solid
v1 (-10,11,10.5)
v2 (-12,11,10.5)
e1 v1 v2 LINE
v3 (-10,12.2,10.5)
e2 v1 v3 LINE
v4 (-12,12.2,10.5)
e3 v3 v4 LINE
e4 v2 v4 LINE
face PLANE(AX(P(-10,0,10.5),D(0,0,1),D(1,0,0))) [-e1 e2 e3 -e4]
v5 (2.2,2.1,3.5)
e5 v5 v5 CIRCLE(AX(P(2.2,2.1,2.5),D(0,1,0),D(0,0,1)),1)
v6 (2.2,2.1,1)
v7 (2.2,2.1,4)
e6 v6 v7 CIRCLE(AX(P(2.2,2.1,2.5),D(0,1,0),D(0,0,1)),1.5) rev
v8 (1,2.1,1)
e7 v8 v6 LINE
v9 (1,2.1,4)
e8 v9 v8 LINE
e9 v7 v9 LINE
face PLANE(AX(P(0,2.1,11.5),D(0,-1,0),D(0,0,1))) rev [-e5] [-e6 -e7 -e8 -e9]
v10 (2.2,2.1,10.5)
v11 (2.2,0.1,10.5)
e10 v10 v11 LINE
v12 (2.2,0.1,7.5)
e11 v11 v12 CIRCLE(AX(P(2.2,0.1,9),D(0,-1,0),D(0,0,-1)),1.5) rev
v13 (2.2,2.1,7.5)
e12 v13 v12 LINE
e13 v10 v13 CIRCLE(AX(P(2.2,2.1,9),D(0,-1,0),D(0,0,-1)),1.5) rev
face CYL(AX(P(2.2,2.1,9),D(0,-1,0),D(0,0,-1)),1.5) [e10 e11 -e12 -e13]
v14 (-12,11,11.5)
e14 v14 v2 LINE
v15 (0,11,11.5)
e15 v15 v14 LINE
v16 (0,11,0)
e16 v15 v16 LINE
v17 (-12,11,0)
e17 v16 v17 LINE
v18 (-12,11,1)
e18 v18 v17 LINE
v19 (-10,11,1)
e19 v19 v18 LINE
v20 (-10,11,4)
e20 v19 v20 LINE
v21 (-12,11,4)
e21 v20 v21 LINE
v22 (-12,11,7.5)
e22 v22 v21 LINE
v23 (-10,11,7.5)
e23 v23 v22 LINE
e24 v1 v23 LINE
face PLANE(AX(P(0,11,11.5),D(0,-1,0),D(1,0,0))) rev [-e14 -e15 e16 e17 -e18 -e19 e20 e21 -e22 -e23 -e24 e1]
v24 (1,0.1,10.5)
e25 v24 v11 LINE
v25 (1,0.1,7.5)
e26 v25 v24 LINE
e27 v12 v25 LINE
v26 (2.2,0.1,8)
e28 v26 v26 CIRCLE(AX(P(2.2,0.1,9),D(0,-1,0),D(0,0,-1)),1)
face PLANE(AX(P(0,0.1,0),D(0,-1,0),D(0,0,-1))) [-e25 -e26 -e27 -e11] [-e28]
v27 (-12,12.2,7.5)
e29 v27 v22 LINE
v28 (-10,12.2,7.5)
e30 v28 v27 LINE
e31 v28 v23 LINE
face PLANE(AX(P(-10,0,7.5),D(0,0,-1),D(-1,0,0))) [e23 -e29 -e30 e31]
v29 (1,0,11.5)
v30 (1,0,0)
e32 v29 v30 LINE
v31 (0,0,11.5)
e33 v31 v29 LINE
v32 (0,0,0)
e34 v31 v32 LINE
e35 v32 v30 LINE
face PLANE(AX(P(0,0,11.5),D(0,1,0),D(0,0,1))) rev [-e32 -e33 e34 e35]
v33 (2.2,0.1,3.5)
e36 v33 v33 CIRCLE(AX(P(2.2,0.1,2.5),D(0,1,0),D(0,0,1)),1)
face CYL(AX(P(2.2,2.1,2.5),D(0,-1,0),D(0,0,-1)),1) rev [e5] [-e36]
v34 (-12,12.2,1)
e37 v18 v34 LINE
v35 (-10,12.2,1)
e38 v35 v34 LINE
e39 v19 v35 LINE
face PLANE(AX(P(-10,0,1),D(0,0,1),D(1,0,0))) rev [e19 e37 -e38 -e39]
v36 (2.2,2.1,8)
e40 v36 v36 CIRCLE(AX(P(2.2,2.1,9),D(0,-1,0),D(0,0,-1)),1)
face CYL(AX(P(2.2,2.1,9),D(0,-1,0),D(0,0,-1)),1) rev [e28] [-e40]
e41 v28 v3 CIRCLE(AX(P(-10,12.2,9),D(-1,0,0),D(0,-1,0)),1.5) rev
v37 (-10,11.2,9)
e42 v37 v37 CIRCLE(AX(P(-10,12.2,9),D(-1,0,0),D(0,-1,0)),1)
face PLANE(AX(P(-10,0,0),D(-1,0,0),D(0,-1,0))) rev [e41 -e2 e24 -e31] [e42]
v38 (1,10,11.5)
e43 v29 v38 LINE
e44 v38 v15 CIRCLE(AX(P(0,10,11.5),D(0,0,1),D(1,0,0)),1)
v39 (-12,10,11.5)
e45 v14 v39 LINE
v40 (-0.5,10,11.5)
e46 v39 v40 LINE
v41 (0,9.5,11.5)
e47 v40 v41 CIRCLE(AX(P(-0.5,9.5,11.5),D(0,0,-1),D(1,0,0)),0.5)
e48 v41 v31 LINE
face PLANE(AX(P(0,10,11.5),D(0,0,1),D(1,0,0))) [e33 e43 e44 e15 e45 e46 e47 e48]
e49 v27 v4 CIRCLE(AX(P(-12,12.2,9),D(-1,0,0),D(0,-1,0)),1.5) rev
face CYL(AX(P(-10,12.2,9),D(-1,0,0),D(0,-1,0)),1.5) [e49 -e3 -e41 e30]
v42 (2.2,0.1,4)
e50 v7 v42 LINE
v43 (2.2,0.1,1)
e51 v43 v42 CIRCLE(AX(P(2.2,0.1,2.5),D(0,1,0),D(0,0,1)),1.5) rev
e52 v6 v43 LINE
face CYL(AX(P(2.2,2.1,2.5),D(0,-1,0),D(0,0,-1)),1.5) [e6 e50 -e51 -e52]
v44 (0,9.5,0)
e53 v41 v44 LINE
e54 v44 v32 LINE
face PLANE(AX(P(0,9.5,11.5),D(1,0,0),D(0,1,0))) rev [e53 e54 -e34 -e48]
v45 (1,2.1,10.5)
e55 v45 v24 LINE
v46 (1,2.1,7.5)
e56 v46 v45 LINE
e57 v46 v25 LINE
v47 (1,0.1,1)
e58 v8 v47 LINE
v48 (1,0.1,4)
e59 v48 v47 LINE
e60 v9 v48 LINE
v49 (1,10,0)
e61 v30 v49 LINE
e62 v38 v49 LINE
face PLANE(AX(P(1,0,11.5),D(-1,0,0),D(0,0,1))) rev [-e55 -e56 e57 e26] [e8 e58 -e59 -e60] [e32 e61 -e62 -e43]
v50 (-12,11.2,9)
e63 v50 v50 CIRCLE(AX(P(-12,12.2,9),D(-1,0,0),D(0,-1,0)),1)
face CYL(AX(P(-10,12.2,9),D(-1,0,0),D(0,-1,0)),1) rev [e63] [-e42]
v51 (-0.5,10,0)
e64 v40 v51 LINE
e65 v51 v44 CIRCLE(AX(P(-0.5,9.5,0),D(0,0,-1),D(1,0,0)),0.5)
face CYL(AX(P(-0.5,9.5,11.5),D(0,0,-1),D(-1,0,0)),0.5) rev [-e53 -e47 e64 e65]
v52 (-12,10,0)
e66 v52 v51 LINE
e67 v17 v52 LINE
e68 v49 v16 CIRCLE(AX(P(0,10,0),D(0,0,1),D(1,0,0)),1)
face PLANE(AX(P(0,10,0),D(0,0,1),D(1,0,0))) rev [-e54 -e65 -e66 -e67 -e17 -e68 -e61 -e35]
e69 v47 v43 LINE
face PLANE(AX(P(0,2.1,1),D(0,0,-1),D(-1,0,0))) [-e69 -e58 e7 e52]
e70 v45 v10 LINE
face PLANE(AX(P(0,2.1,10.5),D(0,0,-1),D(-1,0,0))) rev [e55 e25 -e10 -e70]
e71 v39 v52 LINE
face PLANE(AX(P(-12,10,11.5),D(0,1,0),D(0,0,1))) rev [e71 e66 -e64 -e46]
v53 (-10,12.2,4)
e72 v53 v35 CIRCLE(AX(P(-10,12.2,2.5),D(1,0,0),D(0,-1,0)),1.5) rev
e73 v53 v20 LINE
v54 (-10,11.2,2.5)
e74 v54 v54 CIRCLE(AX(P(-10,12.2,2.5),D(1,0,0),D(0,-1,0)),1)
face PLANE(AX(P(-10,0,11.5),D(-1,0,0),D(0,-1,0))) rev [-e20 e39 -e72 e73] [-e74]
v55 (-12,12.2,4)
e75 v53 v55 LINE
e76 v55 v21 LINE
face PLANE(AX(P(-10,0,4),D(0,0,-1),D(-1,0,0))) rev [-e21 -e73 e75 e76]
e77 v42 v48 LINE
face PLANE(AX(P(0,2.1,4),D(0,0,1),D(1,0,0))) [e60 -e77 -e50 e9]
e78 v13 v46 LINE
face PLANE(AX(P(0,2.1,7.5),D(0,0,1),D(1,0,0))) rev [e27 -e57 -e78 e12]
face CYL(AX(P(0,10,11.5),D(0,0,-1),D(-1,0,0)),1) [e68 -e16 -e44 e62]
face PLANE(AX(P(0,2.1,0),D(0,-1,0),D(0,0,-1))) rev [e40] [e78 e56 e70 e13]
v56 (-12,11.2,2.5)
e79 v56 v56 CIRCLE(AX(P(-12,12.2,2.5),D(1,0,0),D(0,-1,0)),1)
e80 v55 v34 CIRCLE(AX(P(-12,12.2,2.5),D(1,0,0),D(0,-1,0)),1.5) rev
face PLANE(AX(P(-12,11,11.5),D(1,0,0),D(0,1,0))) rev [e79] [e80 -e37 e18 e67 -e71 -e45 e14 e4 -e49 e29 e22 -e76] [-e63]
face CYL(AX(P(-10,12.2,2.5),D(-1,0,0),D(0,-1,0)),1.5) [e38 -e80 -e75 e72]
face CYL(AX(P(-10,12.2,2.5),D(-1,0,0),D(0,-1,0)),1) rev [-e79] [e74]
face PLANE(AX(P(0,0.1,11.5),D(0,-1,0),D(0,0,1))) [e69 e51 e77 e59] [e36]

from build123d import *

# Parameters (mm, degrees)
BOSS_EXTRUDE2_DEPTH = 11.5
SKETCH5_R           = 1
BOSS_EXTRUDE5_DEPTH = 2
SKETCH3_R           = 1
BOSS_EXTRUDE6_DEPTH = 2


with BuildPart() as part:
    # Sketch1 → Boss-Extrude2 (new body)
    with BuildSketch(Plane.XY):
        with BuildLine():
            Line((0, 0), (1, 0))
            Line((1, 0), (1, 10))
            ThreePointArc((1, 10), (0.707106781, 10.707106781), (0, 11))
            Line((0, 11), (-12, 11))
            Line((-12, 11), (-12, 10))
            Line((-12, 10), (-0.5, 10))
            ThreePointArc((-0.5, 10), (-0.146446609, 9.853553391), (0, 9.5))
            Line((0, 9.5), (0, 0))
        make_face()
    extrude(amount=BOSS_EXTRUDE2_DEPTH)

    # Sketch5 → Boss-Extrude5 (add)
    with BuildSketch(Plane.ZY.offset(12)):
        with BuildLine():
            Line((7.5, 11), (10.5, 11))
            Line((10.5, 11), (10.5, 12.2))
            ThreePointArc((10.5, 12.2), (9, 13.7), (7.5, 12.2))
            Line((7.5, 12.2), (7.5, 11))
        make_face()
        with Locations(Location((9, 12.2, 0), (0, 0, 270))):
            Circle(SKETCH5_R, mode=Mode.SUBTRACT)
    boss_extrude5 = extrude(amount=-BOSS_EXTRUDE5_DEPTH)

    # Sketch3 → Boss-Extrude6 (add)
    with BuildSketch(Plane(origin=(0, 0.1, 0), x_dir=(-1, 0, 0), z_dir=(0, -1, 0))):
        with BuildLine():
            Line((-1, -10.5), (-1, -7.5))
            Line((-1, -7.5), (-2.2, -7.5))
            ThreePointArc((-2.2, -7.5), (-3.7, -9), (-2.2, -10.5))
            Line((-2.2, -10.5), (-1, -10.5))
        make_face()
        with Locations(Location((-2.2, -9, 0), (0, 0, 90))):
            Circle(SKETCH3_R, mode=Mode.SUBTRACT)
    boss_extrude6 = extrude(amount=-BOSS_EXTRUDE6_DEPTH)

    # Mirror1: Boss-Extrude5, Boss-Extrude6 across plane
    add(boss_extrude5.mirror(Plane(origin=(0, 0, 5.75), x_dir=(1, 0, 0), z_dir=(0, 0, -1))))
    add(boss_extrude6.mirror(Plane(origin=(0, 0, 5.75), x_dir=(1, 0, 0), z_dir=(0, 0, -1))))


solid = part.part
